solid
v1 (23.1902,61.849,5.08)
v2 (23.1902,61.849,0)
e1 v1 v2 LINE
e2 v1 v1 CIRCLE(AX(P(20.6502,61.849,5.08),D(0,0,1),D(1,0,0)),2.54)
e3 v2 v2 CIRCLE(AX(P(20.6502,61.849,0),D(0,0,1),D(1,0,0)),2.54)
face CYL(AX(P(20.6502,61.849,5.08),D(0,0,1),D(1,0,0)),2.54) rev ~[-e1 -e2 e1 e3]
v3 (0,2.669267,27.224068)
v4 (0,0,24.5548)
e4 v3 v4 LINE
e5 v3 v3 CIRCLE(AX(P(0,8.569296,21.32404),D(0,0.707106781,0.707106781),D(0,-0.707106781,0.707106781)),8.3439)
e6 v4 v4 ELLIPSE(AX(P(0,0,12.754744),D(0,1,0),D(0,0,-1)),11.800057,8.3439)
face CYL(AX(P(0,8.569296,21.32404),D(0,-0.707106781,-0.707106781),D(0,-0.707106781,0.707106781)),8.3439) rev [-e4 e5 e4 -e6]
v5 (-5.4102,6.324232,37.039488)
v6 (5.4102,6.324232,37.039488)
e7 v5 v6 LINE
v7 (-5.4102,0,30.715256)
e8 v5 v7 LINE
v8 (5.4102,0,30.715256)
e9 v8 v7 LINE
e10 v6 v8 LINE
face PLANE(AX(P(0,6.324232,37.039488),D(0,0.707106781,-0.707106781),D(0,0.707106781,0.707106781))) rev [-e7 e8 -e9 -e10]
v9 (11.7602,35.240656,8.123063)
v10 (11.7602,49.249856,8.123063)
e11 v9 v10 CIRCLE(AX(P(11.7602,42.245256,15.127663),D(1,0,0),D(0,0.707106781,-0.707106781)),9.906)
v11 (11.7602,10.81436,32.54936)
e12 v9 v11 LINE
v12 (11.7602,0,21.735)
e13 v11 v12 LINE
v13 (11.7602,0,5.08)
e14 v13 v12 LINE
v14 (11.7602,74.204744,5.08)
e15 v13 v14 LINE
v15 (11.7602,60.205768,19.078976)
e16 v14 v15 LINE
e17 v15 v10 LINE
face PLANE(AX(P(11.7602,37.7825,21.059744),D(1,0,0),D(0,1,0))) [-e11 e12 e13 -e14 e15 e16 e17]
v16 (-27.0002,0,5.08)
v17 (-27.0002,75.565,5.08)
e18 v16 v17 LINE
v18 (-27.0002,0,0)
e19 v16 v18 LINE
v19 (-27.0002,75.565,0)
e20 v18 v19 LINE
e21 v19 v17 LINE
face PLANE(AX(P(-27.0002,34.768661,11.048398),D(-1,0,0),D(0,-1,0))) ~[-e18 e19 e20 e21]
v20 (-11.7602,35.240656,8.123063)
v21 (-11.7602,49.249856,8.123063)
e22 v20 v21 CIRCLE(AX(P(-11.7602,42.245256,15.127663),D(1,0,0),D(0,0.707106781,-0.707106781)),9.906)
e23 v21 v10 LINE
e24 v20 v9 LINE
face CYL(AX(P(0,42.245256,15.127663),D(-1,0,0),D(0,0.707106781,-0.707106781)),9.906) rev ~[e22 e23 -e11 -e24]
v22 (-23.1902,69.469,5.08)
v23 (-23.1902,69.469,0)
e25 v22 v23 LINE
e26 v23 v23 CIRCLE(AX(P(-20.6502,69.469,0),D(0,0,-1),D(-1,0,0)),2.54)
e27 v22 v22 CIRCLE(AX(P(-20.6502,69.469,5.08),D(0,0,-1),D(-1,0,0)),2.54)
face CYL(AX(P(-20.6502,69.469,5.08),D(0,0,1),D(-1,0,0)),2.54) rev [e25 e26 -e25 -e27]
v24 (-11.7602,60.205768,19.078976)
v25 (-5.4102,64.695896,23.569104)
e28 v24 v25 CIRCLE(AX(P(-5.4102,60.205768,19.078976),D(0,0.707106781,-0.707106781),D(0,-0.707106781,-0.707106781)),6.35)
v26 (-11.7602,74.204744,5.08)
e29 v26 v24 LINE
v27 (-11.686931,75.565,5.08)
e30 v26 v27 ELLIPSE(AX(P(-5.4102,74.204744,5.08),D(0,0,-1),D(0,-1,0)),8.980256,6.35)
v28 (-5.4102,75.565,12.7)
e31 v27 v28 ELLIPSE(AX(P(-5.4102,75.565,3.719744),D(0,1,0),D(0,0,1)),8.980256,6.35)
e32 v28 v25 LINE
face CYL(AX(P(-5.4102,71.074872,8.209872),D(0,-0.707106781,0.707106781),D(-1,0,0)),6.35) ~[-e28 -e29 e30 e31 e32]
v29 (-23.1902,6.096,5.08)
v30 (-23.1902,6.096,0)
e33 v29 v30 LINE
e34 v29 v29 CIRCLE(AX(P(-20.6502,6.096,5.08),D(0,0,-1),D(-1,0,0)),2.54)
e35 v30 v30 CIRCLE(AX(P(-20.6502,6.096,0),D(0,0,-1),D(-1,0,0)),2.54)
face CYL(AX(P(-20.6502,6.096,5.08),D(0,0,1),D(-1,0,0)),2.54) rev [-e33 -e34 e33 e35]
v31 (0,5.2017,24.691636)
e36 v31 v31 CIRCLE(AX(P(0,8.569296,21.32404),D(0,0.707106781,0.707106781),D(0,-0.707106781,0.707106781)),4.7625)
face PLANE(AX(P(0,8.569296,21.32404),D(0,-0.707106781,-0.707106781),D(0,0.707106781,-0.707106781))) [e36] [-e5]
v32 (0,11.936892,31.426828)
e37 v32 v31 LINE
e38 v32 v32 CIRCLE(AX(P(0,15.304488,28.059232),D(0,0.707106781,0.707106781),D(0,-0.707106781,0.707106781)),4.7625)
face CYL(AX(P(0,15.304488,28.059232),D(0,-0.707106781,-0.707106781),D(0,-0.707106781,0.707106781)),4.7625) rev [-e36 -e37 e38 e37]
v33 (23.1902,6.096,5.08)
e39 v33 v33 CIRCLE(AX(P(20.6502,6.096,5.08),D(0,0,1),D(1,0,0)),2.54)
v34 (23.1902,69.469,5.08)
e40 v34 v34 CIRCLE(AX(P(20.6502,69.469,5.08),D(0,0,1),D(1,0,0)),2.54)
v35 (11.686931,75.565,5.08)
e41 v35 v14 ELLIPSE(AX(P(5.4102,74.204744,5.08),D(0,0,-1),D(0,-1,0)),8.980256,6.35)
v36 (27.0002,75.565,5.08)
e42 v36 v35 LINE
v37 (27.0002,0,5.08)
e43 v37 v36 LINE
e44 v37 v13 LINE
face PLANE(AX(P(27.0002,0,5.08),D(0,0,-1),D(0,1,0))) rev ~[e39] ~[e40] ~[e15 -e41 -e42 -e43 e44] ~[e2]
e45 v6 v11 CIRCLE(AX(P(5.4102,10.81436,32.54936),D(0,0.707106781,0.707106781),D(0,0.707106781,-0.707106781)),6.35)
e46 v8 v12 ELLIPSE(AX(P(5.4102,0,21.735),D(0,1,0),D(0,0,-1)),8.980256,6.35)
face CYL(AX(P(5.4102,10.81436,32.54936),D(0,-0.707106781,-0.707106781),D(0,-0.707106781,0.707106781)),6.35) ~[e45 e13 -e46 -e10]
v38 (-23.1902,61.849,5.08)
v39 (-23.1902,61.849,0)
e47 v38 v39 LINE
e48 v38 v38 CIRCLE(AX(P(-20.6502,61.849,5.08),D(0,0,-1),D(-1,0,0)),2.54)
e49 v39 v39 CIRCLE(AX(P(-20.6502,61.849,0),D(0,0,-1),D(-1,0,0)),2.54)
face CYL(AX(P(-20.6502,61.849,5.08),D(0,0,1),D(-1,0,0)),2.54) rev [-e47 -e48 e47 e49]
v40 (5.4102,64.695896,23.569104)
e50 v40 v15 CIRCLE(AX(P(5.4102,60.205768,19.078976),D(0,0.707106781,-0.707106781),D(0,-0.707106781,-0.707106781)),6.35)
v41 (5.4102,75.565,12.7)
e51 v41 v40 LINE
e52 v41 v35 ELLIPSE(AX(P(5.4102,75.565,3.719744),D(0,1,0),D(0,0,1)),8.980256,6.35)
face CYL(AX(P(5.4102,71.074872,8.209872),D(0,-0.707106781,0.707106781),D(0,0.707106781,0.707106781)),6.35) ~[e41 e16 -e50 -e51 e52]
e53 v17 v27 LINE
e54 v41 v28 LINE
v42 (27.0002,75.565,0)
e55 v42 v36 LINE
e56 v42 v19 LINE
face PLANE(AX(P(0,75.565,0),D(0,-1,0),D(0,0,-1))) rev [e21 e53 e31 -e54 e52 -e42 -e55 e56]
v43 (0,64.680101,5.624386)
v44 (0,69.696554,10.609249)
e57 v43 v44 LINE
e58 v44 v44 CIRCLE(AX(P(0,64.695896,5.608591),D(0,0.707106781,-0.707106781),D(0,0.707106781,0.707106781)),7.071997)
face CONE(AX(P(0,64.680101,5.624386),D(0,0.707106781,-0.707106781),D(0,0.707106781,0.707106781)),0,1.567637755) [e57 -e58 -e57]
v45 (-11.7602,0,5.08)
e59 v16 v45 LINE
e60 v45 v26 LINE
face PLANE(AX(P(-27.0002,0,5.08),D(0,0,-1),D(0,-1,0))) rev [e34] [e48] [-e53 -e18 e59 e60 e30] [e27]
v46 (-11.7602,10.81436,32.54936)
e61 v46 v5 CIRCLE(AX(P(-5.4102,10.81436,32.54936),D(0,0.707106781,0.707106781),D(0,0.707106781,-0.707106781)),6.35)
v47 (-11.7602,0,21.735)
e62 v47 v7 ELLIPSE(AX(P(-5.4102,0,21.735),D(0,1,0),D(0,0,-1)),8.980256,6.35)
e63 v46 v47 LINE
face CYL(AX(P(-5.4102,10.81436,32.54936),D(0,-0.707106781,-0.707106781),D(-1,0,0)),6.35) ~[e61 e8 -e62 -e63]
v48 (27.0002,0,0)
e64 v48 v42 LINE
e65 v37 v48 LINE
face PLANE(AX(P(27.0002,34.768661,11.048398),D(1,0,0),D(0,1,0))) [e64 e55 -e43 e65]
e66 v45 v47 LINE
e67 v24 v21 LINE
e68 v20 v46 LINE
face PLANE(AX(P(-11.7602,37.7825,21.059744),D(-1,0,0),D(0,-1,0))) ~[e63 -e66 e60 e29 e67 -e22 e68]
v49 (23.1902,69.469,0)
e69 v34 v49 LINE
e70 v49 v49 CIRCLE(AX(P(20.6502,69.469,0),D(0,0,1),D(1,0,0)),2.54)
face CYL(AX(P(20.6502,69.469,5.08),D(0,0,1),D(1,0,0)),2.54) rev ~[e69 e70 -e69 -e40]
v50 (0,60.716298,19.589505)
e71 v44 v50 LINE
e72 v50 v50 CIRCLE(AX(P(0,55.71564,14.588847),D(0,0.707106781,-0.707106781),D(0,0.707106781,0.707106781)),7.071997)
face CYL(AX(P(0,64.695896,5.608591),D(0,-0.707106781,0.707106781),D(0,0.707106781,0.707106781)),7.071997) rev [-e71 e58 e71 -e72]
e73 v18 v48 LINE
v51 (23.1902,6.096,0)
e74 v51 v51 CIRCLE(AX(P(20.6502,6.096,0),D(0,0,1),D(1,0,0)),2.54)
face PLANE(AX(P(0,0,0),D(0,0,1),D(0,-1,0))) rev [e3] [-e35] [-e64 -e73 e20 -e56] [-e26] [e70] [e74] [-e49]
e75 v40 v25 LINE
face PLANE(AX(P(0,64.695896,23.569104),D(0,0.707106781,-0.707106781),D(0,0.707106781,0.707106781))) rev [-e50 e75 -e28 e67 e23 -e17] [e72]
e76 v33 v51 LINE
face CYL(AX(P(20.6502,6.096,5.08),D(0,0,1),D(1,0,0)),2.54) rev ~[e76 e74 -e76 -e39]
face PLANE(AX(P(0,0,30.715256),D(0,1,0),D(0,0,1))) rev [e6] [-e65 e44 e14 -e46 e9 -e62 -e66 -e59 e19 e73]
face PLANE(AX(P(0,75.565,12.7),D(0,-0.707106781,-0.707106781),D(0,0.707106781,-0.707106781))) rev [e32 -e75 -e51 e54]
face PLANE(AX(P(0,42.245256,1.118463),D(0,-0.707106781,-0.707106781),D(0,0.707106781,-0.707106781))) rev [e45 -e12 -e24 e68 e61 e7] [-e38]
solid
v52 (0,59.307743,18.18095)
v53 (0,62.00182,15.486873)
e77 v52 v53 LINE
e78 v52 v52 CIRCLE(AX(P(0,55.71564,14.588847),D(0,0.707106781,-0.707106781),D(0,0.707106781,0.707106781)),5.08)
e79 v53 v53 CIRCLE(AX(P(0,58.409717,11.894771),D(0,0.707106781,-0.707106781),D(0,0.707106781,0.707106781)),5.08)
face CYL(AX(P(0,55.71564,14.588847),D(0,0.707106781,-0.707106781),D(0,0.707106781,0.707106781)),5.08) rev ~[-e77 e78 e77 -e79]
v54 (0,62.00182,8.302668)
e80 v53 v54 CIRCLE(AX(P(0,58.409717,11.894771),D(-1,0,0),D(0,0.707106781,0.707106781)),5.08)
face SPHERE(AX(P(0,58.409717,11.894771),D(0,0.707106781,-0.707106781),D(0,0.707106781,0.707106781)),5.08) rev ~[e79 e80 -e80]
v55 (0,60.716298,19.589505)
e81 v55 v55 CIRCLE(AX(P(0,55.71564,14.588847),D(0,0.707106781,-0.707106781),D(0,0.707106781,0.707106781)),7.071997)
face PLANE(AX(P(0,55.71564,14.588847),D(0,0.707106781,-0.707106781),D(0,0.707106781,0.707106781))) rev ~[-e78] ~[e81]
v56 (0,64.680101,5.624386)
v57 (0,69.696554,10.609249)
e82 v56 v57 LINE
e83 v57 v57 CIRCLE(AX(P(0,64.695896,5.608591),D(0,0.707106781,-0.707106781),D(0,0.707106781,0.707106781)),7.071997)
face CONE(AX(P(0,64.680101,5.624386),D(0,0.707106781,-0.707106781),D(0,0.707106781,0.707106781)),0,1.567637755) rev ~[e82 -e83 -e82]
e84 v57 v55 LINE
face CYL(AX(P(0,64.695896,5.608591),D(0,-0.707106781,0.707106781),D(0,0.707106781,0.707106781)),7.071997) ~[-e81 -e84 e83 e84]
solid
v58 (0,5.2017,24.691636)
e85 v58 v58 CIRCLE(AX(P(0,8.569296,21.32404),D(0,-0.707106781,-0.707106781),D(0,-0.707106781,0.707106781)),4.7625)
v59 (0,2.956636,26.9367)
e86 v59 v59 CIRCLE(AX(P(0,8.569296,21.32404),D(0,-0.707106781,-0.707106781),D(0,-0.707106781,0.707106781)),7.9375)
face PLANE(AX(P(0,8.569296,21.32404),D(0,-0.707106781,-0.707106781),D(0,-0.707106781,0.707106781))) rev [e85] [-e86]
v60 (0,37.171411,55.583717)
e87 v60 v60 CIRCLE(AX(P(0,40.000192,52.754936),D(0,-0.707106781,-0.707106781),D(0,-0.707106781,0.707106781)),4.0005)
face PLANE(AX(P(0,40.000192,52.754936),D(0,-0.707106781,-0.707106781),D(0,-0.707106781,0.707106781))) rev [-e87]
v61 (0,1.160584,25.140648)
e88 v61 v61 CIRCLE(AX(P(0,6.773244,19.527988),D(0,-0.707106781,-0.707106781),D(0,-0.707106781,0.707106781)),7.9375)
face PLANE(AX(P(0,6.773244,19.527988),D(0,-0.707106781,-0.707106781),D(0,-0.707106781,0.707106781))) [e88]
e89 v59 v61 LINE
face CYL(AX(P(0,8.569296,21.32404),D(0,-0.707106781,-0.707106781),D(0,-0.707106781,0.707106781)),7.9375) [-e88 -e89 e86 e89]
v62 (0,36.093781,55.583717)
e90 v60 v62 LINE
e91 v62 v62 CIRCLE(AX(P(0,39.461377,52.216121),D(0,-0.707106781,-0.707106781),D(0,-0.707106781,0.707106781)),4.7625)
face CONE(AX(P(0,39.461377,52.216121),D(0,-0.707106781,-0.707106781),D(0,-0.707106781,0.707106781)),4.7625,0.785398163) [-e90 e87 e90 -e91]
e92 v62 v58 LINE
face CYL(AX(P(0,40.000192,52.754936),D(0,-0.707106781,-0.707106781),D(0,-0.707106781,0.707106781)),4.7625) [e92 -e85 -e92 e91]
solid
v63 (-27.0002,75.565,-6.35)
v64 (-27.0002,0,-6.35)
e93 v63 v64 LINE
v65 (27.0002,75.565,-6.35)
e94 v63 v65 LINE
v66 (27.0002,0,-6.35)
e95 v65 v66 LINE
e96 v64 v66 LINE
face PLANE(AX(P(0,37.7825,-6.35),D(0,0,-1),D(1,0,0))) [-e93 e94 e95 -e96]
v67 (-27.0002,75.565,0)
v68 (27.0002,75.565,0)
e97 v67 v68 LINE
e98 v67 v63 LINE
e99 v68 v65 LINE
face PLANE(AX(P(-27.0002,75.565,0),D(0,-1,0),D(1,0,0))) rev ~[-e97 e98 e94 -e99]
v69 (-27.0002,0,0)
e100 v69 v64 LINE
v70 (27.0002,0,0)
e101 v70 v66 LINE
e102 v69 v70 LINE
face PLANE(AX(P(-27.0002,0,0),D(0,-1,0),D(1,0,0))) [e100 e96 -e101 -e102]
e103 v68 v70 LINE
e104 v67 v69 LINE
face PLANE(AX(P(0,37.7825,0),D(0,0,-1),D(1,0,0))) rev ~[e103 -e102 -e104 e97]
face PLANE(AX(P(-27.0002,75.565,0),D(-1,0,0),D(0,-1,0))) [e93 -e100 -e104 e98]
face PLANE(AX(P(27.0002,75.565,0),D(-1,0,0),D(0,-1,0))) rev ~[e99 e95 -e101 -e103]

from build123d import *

# Parameters (mm, degrees)
F1_DEPTH  = 27.0002
F2_R      = 9.906
F3_W      = 75.565
F3_H      = 31.9594877579
F4_DEPTH  = 15.24
F5_R      = 2.54
F6_DEPTH  = 5.081
F8_R      = 6.35
F13_SIZE  = 0.762
F18_W     = 54.0004
F18_H     = 75.565
F19_DEPTH = 6.35


with BuildPart() as f1:
    # F0 (on Right) → F1 (new body)
    with BuildSketch(Plane.YZ):
        Polygon((0, 30.7152561211), (0, 0), (75.565, 0), (75.565, 12.7), (64.6958964237, 23.5691035763), (42.2452561211, 1.1184632736), (6.3242316368, 37.0394877579), align=None)
    extrude(amount=F1_DEPTH)

    # F2
    f2_edges = [f1.edges().sort_by_distance(p)[0] for p in [
        (13.5001, 42.245256, 1.118463),
    ]]
    fillet(f2_edges, radius=F2_R)

    # F3 (on face) → F4 (cut)
    with BuildSketch(Plane.YZ.offset(27.0002)):
        with Locations((37.7825, 21.0597438789)):
            Rectangle(F3_W, F3_H)
    extrude(amount=-F4_DEPTH, mode=Mode.SUBTRACT)

    # F5 (on face) → F6 (cut, through all)
    with BuildSketch(Plane.XY.offset(5.08)):
        with Locations((20.6502, 69.469)):
            Circle(F5_R)
        with Locations((20.6502, 61.849)):
            Circle(F5_R)
        with Locations((20.6502, 6.096)):
            Circle(F5_R)
    extrude(amount=-F6_DEPTH, mode=Mode.SUBTRACT)

    # F7: F1 across face


with BuildPart() as f1_1:
    add(f1.part)
    add(f1.part.mirror(Plane(origin=(0, 31.4337361572, 11.6287579026), x_dir=(0, 1, 0), z_dir=(-1, 0, 0))))

    # F8
    f8_edges = [f1_1.edges().sort_by_distance(p)[0] for p in [
        (11.7602, 3.162116, 33.877372),
        (-11.7602, 3.162116, 33.877372),
        (11.7602, 70.130448, 18.134552),
        (-11.7602, 70.130448, 18.134552),
    ]]
    fillet(f8_edges, radius=F8_R)

    # F9 (on Right) → F10 (revolve, cut)
    with BuildSketch(Plane.YZ):
        Polygon((15.3044877579, 28.0592316368), (11.9368917125, 31.4268276822), (5.2016996217, 24.6916355914), (2.6692673955, 27.2240678175), (-18.6547721505, 5.9000282715), (-12.7547438789, 0), align=None)
    revolve(axis=Axis((0, 22.0396798487, 34.7944237276), (0, 0.7071067812, 0.7071067812)), mode=Mode.SUBTRACT)

    # F14 (on Right) → F15 (revolve, cut)
    with BuildSketch(Plane.YZ):
        Polygon((69.6965536408, 10.6092485512), (60.7162975197, 19.5895046723), (55.7156403027, 14.5888474552), (64.680101436, 5.6243863219), align=None)
    revolve(axis=Axis((0, 46.7274866877, 23.5770010701), (0, 0.7071067812, -0.7071067812)), mode=Mode.SUBTRACT)


with BuildPart() as f12:
    # F11 (on Right) → F12 (revolve)
    with BuildSketch(Plane.YZ):
        Polygon((11.9368917125, 31.4268276822), (5.2016996217, 24.6916355914), (2.9566355914, 26.9366996217), (1.1605843672, 25.1406483974), (6.7732444428, 19.5279883218), (40.0001920908, 52.7549359697), (36.6325960454, 56.1225320151), align=None)
    revolve(axis=Axis((0, 2.5810948587, 15.3358387377), (0, -0.7071067812, -0.7071067812)))

    # F13
    f13_edges = [f12.edges().sort_by_distance(p)[0] for p in [
        (0, 43.367788, 49.38734),
    ]]
    chamfer(f13_edges, length=F13_SIZE)


with BuildPart() as f17:
    # F16 (on Right) → F17 (revolve)
    with BuildSketch(Plane.YZ):
        with BuildLine():
            ThreePointArc((62.0018195874, 15.4868730673), (63.489717139, 11.8947706189), (62.0018195874, 8.3026681704))
            Line((62.0018195874, 8.3026681704), (64.680101436, 5.6243863219))
            Line((64.680101436, 5.6243863219), (69.6965536408, 10.6092485512))
            Line((69.6965536408, 10.6092485512), (60.7162975197, 19.5895046723))
            Line((60.7162975197, 19.5895046723), (59.3077427511, 18.1809499036))
            Line((59.3077427511, 18.1809499036), (62.0018195874, 15.4868730673))
        make_face()
    revolve(axis=Axis((0, 46.7274866877, 23.5770010701), (0, 0.7071067812, -0.7071067812)))


with BuildPart() as f19:
    # F18 (on face) → F19 (new body)
    with BuildSketch(Plane(origin=(0, 0, 0), x_dir=(1, 0, 0), z_dir=(0, 0, -1))):
        with Locations((0, -37.7825)):
            Rectangle(F18_W, F18_H)
    extrude(amount=F19_DEPTH)


solid = Compound([f1_1.part, f12.part, f17.part, f19.part])
